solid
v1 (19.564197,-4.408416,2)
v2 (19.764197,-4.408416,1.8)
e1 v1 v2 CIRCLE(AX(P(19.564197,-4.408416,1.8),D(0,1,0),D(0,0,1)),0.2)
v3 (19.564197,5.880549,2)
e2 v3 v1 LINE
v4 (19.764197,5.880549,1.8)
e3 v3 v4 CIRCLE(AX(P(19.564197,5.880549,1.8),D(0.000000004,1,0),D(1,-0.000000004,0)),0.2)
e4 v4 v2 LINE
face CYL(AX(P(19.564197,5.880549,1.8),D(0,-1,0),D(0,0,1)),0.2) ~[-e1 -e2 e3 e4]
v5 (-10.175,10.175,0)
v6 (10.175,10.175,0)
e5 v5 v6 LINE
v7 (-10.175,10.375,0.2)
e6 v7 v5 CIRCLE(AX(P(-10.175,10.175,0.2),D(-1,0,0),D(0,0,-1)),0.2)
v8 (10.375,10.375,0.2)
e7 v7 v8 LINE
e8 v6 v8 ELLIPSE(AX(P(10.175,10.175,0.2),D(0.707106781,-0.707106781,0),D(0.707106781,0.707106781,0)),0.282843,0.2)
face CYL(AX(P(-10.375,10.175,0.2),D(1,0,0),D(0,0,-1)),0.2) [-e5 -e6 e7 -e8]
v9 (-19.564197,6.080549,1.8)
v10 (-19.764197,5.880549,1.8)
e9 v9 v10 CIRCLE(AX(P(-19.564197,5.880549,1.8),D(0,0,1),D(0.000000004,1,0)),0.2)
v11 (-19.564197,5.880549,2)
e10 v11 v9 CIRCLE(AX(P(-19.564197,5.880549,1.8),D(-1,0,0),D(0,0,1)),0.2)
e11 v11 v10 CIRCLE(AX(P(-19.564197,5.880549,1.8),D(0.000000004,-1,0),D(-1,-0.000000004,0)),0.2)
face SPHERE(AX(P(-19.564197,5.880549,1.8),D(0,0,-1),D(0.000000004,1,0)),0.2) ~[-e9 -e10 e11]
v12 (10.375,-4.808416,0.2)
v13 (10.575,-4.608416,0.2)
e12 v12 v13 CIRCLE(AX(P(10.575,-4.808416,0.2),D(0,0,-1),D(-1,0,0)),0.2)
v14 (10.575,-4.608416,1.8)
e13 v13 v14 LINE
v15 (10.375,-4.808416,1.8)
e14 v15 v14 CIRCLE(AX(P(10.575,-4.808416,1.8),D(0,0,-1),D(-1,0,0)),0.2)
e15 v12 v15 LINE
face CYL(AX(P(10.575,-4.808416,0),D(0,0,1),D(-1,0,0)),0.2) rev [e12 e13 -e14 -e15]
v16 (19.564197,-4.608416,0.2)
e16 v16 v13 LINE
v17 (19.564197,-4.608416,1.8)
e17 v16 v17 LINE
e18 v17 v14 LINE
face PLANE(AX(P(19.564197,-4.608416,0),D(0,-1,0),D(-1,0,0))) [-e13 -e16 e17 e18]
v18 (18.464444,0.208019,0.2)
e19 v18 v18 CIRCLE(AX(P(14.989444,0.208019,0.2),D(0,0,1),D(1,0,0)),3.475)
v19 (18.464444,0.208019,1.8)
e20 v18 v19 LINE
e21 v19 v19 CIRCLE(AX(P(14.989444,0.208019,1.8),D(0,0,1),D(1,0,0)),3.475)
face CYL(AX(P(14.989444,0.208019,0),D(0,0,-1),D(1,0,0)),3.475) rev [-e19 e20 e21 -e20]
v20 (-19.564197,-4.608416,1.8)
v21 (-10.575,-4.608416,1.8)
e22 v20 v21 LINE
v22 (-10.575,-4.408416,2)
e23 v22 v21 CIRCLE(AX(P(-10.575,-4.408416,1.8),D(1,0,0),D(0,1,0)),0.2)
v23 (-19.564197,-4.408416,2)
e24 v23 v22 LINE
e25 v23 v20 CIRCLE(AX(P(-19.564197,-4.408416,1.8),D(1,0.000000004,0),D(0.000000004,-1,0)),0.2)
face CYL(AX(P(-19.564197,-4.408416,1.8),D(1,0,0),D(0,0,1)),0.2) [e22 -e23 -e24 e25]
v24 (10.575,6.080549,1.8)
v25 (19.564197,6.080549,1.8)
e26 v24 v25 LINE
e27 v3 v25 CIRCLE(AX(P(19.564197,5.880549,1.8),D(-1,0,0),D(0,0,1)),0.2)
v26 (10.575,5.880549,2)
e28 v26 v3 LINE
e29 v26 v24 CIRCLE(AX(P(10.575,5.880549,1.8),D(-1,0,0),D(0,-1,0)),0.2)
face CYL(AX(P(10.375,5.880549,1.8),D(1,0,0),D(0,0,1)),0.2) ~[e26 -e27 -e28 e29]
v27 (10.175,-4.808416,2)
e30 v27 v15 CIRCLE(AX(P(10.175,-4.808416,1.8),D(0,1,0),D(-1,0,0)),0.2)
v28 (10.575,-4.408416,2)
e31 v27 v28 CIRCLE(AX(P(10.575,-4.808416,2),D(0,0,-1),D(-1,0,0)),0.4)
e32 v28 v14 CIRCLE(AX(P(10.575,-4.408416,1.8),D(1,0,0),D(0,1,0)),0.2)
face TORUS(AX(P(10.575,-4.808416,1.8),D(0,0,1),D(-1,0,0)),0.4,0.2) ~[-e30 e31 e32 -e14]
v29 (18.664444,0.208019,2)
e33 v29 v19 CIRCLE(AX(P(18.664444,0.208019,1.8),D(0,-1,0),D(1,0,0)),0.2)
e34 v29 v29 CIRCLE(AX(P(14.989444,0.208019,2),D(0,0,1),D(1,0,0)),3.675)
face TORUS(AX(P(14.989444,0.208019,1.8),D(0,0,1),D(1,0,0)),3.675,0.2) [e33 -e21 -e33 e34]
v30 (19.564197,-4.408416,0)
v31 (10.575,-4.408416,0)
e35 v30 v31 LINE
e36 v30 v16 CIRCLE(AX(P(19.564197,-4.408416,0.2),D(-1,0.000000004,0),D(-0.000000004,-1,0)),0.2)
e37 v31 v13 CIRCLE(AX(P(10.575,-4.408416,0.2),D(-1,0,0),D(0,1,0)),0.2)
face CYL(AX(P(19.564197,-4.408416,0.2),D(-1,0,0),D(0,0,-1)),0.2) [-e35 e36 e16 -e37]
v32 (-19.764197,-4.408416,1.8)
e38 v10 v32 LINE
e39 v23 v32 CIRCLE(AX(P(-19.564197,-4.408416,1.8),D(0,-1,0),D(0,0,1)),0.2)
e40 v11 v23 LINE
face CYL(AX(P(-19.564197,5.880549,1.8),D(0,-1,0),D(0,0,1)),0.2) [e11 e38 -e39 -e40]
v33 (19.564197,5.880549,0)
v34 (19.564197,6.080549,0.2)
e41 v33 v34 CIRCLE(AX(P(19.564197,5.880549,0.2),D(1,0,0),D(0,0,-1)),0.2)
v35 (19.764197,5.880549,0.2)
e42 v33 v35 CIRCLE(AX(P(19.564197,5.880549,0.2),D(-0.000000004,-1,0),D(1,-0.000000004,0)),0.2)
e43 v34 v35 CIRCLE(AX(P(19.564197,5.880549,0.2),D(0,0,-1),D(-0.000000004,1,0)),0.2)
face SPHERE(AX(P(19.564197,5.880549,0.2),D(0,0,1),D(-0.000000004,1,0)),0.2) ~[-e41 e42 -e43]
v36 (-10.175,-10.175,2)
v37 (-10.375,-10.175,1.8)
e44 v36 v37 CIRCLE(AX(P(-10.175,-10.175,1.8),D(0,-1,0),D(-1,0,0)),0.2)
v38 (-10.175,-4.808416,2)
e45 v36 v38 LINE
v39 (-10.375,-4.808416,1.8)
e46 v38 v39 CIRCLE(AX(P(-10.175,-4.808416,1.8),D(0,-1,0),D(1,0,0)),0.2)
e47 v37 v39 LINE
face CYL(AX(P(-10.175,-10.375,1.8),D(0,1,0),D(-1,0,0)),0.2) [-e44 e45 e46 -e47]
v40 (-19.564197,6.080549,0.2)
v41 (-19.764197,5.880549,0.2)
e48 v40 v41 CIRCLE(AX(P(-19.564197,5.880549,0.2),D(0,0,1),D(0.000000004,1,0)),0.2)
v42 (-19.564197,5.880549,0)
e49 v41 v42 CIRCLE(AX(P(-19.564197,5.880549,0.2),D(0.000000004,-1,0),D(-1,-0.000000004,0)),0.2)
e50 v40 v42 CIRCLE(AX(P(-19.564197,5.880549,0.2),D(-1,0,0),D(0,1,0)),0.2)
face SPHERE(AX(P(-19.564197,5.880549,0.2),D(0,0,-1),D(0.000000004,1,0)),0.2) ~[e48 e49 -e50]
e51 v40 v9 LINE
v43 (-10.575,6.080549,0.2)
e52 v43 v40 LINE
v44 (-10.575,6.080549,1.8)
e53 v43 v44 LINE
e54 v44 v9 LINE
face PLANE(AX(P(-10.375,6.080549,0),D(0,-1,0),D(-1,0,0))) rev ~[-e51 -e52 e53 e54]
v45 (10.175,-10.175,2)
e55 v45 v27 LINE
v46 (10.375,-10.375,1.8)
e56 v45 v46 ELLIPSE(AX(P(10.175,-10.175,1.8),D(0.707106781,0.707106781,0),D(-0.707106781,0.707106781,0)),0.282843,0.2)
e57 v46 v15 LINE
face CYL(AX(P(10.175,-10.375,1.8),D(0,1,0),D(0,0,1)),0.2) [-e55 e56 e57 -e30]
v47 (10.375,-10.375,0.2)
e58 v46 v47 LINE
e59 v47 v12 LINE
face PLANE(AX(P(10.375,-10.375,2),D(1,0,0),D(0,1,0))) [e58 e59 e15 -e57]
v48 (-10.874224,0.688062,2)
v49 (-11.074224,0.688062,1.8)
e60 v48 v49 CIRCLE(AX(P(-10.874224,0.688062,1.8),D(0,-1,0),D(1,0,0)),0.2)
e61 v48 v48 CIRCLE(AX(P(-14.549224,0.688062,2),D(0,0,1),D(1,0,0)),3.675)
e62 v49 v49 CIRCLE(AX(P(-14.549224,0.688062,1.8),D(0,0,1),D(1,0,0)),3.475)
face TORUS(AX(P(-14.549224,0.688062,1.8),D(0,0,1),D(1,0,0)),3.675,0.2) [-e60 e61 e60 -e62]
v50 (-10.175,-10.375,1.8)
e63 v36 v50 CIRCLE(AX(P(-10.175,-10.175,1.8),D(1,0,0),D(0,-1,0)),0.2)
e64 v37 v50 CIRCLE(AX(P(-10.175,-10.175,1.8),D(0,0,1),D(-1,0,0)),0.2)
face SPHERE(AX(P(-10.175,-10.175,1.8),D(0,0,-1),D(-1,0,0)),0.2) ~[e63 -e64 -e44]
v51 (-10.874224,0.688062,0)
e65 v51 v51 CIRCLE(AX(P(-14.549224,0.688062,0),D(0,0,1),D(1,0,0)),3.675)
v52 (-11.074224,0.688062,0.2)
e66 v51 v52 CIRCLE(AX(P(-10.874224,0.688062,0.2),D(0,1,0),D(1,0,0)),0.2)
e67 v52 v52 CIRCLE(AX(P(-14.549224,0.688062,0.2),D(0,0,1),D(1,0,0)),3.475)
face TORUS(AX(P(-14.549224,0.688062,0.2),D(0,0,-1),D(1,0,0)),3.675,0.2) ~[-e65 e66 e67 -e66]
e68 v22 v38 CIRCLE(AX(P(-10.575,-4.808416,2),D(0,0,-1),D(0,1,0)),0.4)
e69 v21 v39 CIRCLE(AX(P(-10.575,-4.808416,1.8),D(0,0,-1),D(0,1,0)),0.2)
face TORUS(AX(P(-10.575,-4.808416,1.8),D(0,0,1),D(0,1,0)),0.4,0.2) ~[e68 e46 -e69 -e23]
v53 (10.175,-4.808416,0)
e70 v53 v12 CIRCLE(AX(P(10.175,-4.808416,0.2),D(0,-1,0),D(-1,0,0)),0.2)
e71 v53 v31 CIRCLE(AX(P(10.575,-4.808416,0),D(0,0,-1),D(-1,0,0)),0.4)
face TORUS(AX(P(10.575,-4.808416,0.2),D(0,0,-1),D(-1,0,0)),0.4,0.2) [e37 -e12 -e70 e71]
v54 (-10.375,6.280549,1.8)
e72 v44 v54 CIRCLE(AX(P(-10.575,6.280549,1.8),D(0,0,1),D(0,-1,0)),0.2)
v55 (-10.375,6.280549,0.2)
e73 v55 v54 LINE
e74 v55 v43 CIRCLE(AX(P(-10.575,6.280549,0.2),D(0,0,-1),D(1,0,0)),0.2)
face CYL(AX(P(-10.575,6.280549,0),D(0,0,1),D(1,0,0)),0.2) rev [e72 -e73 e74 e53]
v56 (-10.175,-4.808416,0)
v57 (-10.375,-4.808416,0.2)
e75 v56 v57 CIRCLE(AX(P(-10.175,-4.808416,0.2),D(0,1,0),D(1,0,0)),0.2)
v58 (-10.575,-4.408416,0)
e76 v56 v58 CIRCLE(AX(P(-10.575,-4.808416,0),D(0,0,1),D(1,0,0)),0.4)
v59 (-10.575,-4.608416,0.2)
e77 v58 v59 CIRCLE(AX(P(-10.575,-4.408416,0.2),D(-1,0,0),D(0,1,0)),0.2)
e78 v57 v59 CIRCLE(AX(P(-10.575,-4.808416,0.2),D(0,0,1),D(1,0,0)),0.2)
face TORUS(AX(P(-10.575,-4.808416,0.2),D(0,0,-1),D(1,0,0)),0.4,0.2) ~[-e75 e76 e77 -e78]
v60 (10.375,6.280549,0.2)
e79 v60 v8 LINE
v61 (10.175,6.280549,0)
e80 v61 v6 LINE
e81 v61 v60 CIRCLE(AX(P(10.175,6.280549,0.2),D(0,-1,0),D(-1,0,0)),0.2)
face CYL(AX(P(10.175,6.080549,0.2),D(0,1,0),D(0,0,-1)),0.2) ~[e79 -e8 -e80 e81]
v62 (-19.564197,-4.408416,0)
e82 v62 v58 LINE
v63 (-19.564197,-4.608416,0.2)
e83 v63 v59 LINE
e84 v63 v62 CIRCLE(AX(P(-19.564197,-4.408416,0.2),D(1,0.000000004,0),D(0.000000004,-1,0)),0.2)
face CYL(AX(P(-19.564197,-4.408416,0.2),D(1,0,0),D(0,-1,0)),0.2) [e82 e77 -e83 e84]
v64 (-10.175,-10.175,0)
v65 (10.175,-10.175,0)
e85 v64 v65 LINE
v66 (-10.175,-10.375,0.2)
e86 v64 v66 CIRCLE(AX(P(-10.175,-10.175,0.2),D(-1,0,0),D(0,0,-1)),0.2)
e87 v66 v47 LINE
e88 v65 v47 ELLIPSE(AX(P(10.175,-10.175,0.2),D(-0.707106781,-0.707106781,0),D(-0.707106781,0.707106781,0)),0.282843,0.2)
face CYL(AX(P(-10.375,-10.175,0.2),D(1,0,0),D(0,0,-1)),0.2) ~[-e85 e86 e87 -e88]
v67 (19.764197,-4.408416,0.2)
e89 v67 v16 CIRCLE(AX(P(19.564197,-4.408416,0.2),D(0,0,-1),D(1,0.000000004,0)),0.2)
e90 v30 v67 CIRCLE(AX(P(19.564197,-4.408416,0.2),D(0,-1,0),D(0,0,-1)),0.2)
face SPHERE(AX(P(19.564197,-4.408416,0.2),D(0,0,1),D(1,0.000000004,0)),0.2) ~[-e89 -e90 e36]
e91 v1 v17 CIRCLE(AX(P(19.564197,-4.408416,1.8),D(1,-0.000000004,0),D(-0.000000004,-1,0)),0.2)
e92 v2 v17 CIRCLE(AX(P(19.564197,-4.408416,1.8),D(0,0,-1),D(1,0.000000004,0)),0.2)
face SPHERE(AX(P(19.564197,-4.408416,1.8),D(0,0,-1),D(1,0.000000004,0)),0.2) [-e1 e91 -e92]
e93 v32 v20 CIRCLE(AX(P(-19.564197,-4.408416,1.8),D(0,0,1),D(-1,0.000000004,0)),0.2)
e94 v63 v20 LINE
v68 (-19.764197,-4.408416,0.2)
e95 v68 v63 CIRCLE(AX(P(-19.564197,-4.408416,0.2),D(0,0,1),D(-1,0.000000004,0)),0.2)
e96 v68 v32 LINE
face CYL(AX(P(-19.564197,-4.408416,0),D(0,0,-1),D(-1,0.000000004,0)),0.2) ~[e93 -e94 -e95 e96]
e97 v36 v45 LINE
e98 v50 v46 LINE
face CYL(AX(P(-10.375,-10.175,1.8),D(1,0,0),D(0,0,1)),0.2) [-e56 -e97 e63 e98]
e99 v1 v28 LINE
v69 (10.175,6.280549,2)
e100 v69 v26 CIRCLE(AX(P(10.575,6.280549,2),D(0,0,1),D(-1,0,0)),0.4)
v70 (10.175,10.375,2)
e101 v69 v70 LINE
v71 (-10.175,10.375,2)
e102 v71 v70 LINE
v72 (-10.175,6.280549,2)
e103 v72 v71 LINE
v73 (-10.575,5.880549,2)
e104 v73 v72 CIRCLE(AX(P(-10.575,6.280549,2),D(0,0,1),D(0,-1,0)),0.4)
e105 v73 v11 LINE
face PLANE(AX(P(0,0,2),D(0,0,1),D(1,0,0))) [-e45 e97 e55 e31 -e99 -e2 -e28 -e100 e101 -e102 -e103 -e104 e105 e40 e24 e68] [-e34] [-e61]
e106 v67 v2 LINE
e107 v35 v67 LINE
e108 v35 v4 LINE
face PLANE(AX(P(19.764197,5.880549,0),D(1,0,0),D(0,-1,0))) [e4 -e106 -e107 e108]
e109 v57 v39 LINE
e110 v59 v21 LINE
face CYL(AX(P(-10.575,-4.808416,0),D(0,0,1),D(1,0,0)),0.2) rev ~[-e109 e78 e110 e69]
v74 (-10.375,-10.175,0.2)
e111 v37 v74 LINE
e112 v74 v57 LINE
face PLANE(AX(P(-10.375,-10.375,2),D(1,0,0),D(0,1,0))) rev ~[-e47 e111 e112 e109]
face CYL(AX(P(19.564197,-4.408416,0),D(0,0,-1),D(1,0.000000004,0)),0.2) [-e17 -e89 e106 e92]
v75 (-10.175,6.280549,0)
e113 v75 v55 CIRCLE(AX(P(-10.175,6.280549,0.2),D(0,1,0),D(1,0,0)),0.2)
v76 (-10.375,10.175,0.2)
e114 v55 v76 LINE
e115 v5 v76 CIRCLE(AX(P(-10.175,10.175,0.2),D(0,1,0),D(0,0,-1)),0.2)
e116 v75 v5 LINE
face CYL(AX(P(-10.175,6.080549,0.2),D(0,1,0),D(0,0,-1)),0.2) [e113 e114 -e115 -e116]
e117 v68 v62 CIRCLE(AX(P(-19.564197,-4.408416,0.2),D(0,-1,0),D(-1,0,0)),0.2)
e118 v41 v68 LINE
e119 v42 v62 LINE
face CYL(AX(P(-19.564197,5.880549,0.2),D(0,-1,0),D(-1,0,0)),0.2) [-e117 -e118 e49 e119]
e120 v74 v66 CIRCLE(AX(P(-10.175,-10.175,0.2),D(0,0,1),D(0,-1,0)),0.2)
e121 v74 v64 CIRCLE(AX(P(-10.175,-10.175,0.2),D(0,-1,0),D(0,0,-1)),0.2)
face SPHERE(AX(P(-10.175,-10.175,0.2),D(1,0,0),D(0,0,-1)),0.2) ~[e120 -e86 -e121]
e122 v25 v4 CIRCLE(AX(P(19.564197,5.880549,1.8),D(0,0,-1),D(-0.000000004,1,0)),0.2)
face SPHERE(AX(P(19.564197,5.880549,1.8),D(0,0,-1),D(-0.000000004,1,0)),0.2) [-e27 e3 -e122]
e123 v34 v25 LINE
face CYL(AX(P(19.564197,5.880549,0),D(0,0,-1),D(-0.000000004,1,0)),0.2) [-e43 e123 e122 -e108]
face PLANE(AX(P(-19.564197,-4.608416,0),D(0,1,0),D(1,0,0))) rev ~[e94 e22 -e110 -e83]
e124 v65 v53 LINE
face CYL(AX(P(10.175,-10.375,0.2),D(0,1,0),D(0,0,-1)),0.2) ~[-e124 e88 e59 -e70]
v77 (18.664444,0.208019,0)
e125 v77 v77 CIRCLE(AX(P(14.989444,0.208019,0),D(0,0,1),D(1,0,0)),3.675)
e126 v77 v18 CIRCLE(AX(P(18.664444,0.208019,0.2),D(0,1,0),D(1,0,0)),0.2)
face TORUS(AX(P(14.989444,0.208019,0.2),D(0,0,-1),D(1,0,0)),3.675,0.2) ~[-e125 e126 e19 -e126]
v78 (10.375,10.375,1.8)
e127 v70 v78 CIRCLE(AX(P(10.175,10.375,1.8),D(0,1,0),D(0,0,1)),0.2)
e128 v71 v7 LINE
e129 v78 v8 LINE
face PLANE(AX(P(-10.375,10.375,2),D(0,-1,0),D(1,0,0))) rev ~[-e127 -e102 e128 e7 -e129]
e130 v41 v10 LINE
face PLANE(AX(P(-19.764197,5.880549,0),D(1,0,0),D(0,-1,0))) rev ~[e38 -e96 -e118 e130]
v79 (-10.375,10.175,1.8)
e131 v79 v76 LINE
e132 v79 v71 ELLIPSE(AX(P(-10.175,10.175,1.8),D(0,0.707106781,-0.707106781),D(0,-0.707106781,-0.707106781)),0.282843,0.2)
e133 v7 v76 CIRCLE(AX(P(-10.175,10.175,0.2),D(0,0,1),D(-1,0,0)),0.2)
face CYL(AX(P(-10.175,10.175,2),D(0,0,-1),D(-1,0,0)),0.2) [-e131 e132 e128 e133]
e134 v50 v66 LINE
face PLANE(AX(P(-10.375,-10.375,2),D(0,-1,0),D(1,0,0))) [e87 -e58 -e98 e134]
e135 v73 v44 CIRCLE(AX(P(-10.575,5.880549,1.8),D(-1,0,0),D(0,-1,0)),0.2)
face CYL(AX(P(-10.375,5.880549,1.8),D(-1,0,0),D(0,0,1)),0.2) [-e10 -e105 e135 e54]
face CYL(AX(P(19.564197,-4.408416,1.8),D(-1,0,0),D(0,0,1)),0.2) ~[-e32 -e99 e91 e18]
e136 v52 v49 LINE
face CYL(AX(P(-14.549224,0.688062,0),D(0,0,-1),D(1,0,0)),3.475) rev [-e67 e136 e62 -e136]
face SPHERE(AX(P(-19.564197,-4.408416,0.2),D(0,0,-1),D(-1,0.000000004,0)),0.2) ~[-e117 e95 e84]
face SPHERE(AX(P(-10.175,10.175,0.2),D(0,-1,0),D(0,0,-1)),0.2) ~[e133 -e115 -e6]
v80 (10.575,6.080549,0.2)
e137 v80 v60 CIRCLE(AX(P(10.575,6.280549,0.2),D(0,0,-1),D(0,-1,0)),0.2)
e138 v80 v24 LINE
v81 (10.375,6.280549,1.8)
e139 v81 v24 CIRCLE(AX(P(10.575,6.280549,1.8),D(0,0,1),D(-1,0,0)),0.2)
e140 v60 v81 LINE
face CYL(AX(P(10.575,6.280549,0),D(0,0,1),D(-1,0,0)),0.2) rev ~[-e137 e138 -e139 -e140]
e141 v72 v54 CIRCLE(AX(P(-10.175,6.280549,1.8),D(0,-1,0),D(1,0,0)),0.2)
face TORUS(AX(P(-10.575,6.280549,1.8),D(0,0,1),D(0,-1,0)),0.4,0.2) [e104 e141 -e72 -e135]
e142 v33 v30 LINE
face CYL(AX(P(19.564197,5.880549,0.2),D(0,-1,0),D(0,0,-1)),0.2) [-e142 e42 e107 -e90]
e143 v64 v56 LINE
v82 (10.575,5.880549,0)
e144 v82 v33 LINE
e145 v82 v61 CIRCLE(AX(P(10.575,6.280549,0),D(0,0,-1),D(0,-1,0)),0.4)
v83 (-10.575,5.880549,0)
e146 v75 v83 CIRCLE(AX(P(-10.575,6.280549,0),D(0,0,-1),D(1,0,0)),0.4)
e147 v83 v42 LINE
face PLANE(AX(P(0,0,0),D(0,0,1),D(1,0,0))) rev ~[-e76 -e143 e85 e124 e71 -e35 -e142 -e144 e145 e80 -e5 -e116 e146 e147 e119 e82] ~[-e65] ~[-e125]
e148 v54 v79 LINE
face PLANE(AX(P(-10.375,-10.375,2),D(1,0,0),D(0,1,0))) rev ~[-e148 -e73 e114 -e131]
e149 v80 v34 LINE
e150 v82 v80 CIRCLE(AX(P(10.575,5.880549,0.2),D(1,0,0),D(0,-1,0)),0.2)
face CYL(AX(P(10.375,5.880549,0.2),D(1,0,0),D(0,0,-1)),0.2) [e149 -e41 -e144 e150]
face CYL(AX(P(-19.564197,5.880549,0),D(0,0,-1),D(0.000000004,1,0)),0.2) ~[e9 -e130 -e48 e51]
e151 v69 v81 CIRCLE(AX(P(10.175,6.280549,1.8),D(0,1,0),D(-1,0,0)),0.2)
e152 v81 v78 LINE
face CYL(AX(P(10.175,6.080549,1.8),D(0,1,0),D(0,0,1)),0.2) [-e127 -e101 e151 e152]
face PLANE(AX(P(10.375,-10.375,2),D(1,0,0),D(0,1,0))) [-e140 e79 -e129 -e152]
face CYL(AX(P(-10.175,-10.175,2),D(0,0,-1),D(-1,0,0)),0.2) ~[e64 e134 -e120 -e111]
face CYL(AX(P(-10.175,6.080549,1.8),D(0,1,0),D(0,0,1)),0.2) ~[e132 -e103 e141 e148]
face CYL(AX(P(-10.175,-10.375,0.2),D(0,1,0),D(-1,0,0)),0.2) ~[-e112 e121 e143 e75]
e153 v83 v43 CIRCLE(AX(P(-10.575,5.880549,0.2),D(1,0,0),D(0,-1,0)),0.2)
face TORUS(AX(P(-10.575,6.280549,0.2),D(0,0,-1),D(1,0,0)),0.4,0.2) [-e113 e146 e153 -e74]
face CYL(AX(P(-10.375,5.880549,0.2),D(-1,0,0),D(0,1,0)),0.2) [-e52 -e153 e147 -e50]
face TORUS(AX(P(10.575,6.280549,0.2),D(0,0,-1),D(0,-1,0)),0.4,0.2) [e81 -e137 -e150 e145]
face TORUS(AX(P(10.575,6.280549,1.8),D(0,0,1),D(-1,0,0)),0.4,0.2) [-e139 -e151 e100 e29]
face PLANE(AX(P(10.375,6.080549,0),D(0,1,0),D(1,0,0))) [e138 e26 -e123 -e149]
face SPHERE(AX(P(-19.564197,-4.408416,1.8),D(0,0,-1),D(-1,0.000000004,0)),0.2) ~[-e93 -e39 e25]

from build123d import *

# Parameters (mm, degrees)
SKETCH2_R             = 3.475
BOSS_EXTRUDE1_DEPTH   = 2
BOSS_EXTRUDE1_2_DEPTH = 2
SKETCH3_W             = 20.75
SKETCH3_H             = 20.75
BOSS_EXTRUDE2_DEPTH   = 2
FILLET1_R             = 0.2


with BuildPart() as part:
    # Sketch2 → Boss-Extrude1 (new body)
    with BuildSketch(Plane.XY):
        with BuildLine():
            Line((-10.375, 6.080549062), (-19.564197283, 6.080549062))
            ThreePointArc((-19.564197283, 6.080549062), (-19.70561864, 6.021970418), (-19.764197283, 5.880549062))
            Line((-19.764197283, 5.880549062), (-19.764197283, -4.408416131))
            ThreePointArc((-19.764197283, -4.408416131), (-19.70561864, -4.549837487), (-19.564197283, -4.608416131))
            Line((-19.564197283, -4.608416131), (-10.375, -4.608416131))
            Line((-10.375, -4.608416131), (-10.375, 6.080549062))
        make_face()
        with Locations((-14.549223744, 0.688062131)):
            Circle(SKETCH2_R, mode=Mode.SUBTRACT)
    extrude(amount=BOSS_EXTRUDE1_DEPTH)



with BuildPart() as body_2:
    # Sketch2 → Boss-Extrude1 2 (new body)
    with BuildSketch(Plane.XY):
        with BuildLine():
            Line((10.375, 6.080549062), (19.564197283, 6.080549062))
            ThreePointArc((19.564197283, 6.080549062), (19.70561864, 6.021970418), (19.764197283, 5.880549062))
            Line((19.764197283, 5.880549062), (19.764197283, -4.408416131))
            ThreePointArc((19.764197283, -4.408416131), (19.70561864, -4.549837487), (19.564197283, -4.608416131))
            Line((19.564197283, -4.608416131), (10.375, -4.608416131))
            Line((10.375, -4.608416131), (10.375, 6.080549062))
        make_face()
        with Locations((14.989443539, 0.208018784)):
            Circle(SKETCH2_R, mode=Mode.SUBTRACT)
    extrude(amount=BOSS_EXTRUDE1_2_DEPTH)


with BuildPart() as part_1:
    add(part.part)

    add(body_2.part)  # Boss-Extrude2 merges body 2
    # Sketch3 → Boss-Extrude2 (add)
    with BuildSketch(Plane.XY.offset(2)):
        Rectangle(SKETCH3_W, SKETCH3_H)
    extrude(amount=-BOSS_EXTRUDE2_DEPTH)

    # Fillet1
    fillet1_edges = [part_1.edges().sort_by_distance(p)[0] for p in [
        (-10.375, -4.608416131, 1),
        (-10.375, 6.080549062, 1),
        (-19.70561864, 6.021970418, 2),
        (-19.764197283, 0.736066465, 2),
        (-18.024223744, 0.688062131, 0),
        (-18.024223744, 0.688062131, 2),
        (-19.70561864, -4.549837487, 2),
        (-14.969598642, -4.608416131, 2),
        (-10.375, 8.227774531, 0),
        (10.375, -7.491708065, 0),
        (0, -10.375, 0),
        (-10.375, -7.491708065, 0),
        (-10.375, -10.375, 1),
        (0, 10.375, 0),
        (-10.375, 10.375, 1),
        (10.375, -7.491708065, 2),
        (-10.375, 8.227774531, 2),
        (-10.375, -7.491708065, 2),
        (0, -10.375, 2),
        (10.375, 8.227774531, 2),
        (10.375, 8.227774531, 0),
        (14.969598642, -4.608416131, 2),
        (19.70561864, -4.549837487, 2),
        (19.764197283, 0.736066465, 2),
        (19.70561864, 6.021970418, 2),
        (14.969598642, 6.080549062, 2),
        (11.514443539, 0.208018784, 0),
        (10.375, 6.080549062, 1),
        (14.969598642, -4.608416131, 0),
        (10.375, -4.608416131, 1),
        (19.70561864, -4.549837487, 0),
        (19.764197283, 0.736066465, 0),
        (19.70561864, 6.021970418, 0),
        (14.969598642, 6.080549062, 0),
        (11.514443539, 0.208018784, 2),
        (-14.969598642, -4.608416131, 0),
        (-19.70561864, -4.549837487, 0),
        (-19.764197283, 0.736066465, 0),
        (-19.70561864, 6.021970418, 0),
        (-14.969598642, 6.080549062, 0),
        (-14.969598642, 6.080549062, 2),
    ]]
    fillet(fillet1_edges, radius=FILLET1_R)


solid = part_1.part
